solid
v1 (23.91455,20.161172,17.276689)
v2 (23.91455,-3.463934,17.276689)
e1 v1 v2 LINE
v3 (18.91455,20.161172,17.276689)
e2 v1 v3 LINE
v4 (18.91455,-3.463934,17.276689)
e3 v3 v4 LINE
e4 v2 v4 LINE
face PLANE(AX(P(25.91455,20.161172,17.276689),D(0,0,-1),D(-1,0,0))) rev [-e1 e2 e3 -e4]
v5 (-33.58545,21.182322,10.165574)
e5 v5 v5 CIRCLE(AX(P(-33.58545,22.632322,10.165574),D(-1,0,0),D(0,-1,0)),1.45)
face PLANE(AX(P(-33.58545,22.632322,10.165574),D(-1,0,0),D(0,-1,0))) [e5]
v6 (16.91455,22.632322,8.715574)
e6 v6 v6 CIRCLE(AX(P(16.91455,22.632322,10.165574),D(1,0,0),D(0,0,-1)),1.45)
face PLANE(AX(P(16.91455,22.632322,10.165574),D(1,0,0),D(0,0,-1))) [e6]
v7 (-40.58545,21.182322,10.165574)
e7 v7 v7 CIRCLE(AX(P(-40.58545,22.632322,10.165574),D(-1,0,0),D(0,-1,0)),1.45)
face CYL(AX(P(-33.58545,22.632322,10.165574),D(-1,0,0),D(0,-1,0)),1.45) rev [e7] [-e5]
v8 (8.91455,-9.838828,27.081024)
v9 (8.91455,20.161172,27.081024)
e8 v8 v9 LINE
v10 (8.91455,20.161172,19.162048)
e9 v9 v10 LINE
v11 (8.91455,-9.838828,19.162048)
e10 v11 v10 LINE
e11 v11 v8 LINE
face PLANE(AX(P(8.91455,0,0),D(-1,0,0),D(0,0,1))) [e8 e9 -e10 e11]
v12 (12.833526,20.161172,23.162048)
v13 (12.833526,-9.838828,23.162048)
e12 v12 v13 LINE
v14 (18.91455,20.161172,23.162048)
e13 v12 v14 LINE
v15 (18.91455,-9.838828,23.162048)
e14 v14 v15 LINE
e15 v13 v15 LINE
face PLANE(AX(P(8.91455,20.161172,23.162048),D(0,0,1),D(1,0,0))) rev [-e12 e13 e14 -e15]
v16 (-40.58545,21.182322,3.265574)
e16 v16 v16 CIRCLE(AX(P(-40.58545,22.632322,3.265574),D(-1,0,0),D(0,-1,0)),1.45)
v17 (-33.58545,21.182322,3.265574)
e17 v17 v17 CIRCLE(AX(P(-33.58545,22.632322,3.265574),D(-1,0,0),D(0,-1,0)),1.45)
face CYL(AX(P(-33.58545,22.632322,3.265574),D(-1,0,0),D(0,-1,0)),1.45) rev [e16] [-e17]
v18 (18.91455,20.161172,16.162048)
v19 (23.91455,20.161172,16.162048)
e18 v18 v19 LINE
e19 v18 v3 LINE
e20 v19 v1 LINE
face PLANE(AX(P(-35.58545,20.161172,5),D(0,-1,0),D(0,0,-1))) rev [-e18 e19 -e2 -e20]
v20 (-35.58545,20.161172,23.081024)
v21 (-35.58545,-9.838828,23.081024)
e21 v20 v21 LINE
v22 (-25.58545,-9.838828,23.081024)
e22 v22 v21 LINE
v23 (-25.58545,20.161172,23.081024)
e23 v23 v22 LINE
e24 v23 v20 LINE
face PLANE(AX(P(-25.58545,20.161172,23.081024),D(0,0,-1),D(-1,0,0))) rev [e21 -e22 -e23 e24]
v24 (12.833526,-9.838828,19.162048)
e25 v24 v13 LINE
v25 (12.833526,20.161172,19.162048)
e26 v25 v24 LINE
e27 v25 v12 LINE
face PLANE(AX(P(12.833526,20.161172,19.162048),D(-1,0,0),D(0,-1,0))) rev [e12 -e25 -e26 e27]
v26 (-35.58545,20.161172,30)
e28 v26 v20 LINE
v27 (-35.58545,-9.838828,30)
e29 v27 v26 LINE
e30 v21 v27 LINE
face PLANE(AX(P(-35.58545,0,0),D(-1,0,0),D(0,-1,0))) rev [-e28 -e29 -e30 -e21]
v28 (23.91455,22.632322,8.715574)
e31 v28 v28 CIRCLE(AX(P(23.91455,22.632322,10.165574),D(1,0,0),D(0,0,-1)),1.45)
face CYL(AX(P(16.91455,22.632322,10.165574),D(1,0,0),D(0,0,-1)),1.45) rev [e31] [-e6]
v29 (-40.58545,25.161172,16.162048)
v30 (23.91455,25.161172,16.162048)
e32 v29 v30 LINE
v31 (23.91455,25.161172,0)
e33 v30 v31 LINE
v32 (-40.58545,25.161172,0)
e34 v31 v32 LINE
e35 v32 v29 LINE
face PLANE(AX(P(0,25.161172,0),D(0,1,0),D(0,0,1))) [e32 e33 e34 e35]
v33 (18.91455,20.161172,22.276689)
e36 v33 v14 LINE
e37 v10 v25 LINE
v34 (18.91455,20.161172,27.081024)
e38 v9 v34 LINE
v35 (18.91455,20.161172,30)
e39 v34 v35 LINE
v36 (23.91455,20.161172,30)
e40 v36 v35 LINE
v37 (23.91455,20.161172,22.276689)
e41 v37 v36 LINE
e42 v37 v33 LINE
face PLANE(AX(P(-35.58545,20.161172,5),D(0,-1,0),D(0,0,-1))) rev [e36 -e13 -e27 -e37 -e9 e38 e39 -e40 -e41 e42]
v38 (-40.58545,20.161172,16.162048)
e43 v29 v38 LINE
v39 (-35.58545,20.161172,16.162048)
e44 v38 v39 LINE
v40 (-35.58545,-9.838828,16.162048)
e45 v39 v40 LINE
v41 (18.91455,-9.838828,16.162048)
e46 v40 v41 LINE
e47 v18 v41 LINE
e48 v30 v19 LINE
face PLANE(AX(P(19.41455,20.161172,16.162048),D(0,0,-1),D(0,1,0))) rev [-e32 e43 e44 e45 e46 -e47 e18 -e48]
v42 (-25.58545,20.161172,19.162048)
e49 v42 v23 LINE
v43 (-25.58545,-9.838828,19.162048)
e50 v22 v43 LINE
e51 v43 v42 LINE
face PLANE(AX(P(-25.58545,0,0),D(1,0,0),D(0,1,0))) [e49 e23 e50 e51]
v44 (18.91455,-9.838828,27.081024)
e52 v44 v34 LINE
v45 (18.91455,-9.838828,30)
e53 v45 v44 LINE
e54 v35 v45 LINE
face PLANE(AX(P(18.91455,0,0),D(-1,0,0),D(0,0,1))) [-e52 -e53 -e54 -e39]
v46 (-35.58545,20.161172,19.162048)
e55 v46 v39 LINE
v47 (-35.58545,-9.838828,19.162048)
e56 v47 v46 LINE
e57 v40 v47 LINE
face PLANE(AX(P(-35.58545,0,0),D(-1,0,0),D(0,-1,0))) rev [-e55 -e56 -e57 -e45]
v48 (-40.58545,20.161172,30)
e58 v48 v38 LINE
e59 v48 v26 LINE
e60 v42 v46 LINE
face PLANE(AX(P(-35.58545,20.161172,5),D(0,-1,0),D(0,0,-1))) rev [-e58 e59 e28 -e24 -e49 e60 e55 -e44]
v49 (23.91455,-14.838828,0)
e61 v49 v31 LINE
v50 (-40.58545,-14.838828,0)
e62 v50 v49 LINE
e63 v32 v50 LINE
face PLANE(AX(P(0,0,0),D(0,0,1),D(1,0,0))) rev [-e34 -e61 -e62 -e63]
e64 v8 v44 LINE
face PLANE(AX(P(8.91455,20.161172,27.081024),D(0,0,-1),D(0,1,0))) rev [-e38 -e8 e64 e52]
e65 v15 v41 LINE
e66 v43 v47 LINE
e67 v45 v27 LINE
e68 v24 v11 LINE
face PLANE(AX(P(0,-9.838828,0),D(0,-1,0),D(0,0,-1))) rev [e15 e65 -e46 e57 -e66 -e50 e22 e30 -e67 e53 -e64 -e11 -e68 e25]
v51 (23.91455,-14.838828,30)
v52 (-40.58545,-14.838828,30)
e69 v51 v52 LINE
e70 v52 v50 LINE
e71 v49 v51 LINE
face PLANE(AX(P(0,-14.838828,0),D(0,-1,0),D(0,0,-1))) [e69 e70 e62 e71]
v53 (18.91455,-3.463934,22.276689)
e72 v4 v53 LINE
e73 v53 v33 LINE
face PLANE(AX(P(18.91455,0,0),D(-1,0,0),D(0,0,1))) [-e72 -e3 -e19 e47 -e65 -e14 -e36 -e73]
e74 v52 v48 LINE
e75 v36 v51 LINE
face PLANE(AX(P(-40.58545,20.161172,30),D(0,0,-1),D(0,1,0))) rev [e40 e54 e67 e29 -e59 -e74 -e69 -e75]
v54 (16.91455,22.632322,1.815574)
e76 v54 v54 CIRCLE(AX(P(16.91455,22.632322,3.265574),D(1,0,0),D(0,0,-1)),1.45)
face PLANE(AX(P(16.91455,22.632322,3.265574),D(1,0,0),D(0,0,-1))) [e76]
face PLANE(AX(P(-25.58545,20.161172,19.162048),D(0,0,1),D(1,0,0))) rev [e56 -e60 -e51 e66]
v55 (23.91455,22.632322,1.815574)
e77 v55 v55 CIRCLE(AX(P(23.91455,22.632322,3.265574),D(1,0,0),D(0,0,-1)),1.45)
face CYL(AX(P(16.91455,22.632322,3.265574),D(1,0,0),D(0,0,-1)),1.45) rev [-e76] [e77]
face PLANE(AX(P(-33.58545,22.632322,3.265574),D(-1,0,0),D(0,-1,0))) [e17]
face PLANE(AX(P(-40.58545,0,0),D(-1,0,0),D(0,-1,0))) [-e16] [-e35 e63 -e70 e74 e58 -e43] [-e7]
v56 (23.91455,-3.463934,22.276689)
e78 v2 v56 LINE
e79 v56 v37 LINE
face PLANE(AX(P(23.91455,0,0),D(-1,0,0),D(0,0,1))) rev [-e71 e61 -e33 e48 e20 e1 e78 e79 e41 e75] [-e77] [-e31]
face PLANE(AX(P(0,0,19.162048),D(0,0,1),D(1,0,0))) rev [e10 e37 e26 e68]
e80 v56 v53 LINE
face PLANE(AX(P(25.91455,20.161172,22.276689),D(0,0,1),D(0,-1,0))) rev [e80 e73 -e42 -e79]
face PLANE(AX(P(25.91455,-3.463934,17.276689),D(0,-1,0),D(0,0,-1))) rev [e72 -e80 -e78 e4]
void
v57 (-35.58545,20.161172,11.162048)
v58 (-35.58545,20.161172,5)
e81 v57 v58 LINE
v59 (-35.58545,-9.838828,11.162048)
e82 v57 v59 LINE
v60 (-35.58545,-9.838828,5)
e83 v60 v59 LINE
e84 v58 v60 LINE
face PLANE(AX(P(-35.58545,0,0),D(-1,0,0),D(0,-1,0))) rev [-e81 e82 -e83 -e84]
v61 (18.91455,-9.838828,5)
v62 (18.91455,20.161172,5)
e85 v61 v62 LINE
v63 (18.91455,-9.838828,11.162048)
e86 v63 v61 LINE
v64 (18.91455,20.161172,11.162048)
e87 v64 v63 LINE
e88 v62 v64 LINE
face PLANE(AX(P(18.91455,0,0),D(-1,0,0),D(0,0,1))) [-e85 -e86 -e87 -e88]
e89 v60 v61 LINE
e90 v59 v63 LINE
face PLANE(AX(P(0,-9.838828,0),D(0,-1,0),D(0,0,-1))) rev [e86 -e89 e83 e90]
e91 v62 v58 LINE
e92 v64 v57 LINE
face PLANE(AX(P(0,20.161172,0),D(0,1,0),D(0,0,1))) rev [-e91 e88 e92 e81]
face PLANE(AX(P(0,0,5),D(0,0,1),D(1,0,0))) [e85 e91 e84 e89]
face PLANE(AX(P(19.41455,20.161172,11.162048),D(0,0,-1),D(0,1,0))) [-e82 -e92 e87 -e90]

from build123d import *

# Parameters (mm, degrees)
ESQUISSE1_W             = 54.5
ESQUISSE1_H             = 30
BOSS_EXTRU_8_DEPTH      = 5
ESQUISSE7_W             = 30
ESQUISSE7_H             = 30
BOSS_EXTRU_9_DEPTH      = 5
ESQUISSE8_W             = 30
ESQUISSE8_H             = 30
BOSS_EXTRU_10_DEPTH     = 5
ESQUISSE9_W             = 64.5
ESQUISSE9_H             = 30
BOSS_EXTRU_11_DEPTH     = 5
ESQUISSE10_W            = 5
ESQUISSE10_H            = 30
BOSS_EXTRU_12_DEPTH     = 55
ESQUISSE11_W            = 64.5
ESQUISSE11_H            = 16.16204781
BOSS_EXTRU_13_DEPTH     = 5
ESQUISSE13_W            = 3.918976095
ESQUISSE13_H            = 30
BOSS_EXTRU_14_DEPTH     = 10
ESQUISSE16_W            = 3.9189761
ESQUISSE16_H            = 30
BOSS_EXTRU_15_DEPTH     = 10
ESQUISSE17_W            = 3.9189761
ESQUISSE17_H            = 30
BOSS_EXTRU_16_DEPTH     = 4
ESQUISSE20_W            = 5
ESQUISSE20_H            = 23.625106292
ENL_V_MAT_EXTRU_2_DEPTH = 7
ESQUISSE21_R            = 1.45
ENL_V_MAT_EXTRU_3_DEPTH = 7
ENL_V_START             = -7
ESQUISSE22_R            = 1.45
ENL_V_MAT_EXTRU_4_DEPTH = 7


with BuildPart() as part:
    # Esquisse1 → Boss.-Extru.8 (new body)
    with BuildSketch(Plane.XY):
        with Locations((-8.335450003, 5.161172161)):
            Rectangle(ESQUISSE1_W, ESQUISSE1_H)
    extrude(amount=BOSS_EXTRU_8_DEPTH)

    # Esquisse7 → Boss.-Extru.9 (add)
    with BuildSketch(Plane.ZY.offset(35.585450003)):
        with Locations((15, 5.161172161)):
            Rectangle(ESQUISSE7_W, ESQUISSE7_H)
    extrude(amount=BOSS_EXTRU_9_DEPTH)

    # Esquisse8 → Boss.-Extru.10 (add)
    with BuildSketch(Plane(origin=(18.914549997, 0, 0), x_dir=(0, 0, -1), z_dir=(1, 0, 0))):
        with Locations((-15, 5.161172161)):
            Rectangle(ESQUISSE8_W, ESQUISSE8_H)
    extrude(amount=BOSS_EXTRU_10_DEPTH)

    # Esquisse9 → Boss.-Extru.11 (add)
    with BuildSketch(Plane.XZ.offset(9.838827839)):
        with Locations((-8.335450003, 15)):
            Rectangle(ESQUISSE9_W, ESQUISSE9_H)
    extrude(amount=BOSS_EXTRU_11_DEPTH)

    # Esquisse10 → Boss.-Extru.12 (add)
    with BuildSketch(Plane(origin=(-35.585450003, 0, 0), x_dir=(0, 0, -1), z_dir=(1, 0, 0))):
        with Locations((-13.66204781, 5.161172161)):
            Rectangle(ESQUISSE10_W, ESQUISSE10_H)
    extrude(amount=BOSS_EXTRU_12_DEPTH)

    # Esquisse11 → Boss.-Extru.13 (add)
    with BuildSketch(Plane(origin=(0, 20.161172161, 0), x_dir=(1, 0, 0), z_dir=(0, 1, 0))):
        with Locations((-8.335450003, -8.081023905)):
            Rectangle(ESQUISSE11_W, ESQUISSE11_H)
    extrude(amount=BOSS_EXTRU_13_DEPTH)

    # Esquisse13 → Boss.-Extru.14 (add)
    with BuildSketch(Plane(origin=(-35.585450003, 0, 0), x_dir=(0, 0, -1), z_dir=(1, 0, 0))):
        with Locations((-21.121535857, 5.161172161)):
            Rectangle(ESQUISSE13_W, ESQUISSE13_H)
    extrude(amount=BOSS_EXTRU_14_DEPTH)

    # Esquisse16 → Boss.-Extru.15 (add)
    with BuildSketch(Plane.ZY.offset(-18.914549997)):
        with Locations((25.12153586, 5.161172161)):
            Rectangle(ESQUISSE16_W, ESQUISSE16_H)
    extrude(amount=BOSS_EXTRU_15_DEPTH)

    # Esquisse17 → Boss.-Extru.16 (add)
    with BuildSketch(Plane(origin=(0, 0, 23.16204781), x_dir=(-1, 0, 0), z_dir=(0, 0, -1))):
        with Locations((-10.874038047, 5.161172161)):
            Rectangle(ESQUISSE17_W, ESQUISSE17_H)
    extrude(amount=BOSS_EXTRU_16_DEPTH)

    # Esquisse20 → Enlèv. mat.-Extru.2 (cut)
    with BuildSketch(Plane.ZY.offset(-18.914549997)):
        with Locations((19.77668855, 8.348619015)):
            Rectangle(ESQUISSE20_W, ESQUISSE20_H)
    extrude(amount=-ENL_V_MAT_EXTRU_2_DEPTH, mode=Mode.SUBTRACT)

    # Esquisse21 → Enlèv. mat.-Extru.3 (cut)
    with BuildSketch(Plane.ZY.offset(40.585450003)):
        with Locations(Location((3.265574061, 22.632321906, 0), (0, 0, 270))):
            Circle(ESQUISSE21_R)
        with Locations(Location((10.165574061, 22.632321906, 0), (0, 0, 270))):
            Circle(ESQUISSE21_R)
    extrude(amount=-ENL_V_MAT_EXTRU_3_DEPTH, mode=Mode.SUBTRACT)

    # Esquisse22 → Enlèv. mat.-Extru.4 (cut)
    with BuildSketch(Plane(origin=(23.914549997, 0, 0), x_dir=(0, 0, -1), z_dir=(1, 0, 0)).offset(ENL_V_START)):
        with Locations(Location((-3.26557406, 22.632321901, 0), (0, 0, 269.999999963))):
            Circle(ESQUISSE22_R)
        with Locations(Location((-10.16557406, 22.632321901, 0), (0, 0, 269.999999963))):
            Circle(ESQUISSE22_R)
    extrude(amount=ENL_V_MAT_EXTRU_4_DEPTH, mode=Mode.SUBTRACT)


solid = part.part
